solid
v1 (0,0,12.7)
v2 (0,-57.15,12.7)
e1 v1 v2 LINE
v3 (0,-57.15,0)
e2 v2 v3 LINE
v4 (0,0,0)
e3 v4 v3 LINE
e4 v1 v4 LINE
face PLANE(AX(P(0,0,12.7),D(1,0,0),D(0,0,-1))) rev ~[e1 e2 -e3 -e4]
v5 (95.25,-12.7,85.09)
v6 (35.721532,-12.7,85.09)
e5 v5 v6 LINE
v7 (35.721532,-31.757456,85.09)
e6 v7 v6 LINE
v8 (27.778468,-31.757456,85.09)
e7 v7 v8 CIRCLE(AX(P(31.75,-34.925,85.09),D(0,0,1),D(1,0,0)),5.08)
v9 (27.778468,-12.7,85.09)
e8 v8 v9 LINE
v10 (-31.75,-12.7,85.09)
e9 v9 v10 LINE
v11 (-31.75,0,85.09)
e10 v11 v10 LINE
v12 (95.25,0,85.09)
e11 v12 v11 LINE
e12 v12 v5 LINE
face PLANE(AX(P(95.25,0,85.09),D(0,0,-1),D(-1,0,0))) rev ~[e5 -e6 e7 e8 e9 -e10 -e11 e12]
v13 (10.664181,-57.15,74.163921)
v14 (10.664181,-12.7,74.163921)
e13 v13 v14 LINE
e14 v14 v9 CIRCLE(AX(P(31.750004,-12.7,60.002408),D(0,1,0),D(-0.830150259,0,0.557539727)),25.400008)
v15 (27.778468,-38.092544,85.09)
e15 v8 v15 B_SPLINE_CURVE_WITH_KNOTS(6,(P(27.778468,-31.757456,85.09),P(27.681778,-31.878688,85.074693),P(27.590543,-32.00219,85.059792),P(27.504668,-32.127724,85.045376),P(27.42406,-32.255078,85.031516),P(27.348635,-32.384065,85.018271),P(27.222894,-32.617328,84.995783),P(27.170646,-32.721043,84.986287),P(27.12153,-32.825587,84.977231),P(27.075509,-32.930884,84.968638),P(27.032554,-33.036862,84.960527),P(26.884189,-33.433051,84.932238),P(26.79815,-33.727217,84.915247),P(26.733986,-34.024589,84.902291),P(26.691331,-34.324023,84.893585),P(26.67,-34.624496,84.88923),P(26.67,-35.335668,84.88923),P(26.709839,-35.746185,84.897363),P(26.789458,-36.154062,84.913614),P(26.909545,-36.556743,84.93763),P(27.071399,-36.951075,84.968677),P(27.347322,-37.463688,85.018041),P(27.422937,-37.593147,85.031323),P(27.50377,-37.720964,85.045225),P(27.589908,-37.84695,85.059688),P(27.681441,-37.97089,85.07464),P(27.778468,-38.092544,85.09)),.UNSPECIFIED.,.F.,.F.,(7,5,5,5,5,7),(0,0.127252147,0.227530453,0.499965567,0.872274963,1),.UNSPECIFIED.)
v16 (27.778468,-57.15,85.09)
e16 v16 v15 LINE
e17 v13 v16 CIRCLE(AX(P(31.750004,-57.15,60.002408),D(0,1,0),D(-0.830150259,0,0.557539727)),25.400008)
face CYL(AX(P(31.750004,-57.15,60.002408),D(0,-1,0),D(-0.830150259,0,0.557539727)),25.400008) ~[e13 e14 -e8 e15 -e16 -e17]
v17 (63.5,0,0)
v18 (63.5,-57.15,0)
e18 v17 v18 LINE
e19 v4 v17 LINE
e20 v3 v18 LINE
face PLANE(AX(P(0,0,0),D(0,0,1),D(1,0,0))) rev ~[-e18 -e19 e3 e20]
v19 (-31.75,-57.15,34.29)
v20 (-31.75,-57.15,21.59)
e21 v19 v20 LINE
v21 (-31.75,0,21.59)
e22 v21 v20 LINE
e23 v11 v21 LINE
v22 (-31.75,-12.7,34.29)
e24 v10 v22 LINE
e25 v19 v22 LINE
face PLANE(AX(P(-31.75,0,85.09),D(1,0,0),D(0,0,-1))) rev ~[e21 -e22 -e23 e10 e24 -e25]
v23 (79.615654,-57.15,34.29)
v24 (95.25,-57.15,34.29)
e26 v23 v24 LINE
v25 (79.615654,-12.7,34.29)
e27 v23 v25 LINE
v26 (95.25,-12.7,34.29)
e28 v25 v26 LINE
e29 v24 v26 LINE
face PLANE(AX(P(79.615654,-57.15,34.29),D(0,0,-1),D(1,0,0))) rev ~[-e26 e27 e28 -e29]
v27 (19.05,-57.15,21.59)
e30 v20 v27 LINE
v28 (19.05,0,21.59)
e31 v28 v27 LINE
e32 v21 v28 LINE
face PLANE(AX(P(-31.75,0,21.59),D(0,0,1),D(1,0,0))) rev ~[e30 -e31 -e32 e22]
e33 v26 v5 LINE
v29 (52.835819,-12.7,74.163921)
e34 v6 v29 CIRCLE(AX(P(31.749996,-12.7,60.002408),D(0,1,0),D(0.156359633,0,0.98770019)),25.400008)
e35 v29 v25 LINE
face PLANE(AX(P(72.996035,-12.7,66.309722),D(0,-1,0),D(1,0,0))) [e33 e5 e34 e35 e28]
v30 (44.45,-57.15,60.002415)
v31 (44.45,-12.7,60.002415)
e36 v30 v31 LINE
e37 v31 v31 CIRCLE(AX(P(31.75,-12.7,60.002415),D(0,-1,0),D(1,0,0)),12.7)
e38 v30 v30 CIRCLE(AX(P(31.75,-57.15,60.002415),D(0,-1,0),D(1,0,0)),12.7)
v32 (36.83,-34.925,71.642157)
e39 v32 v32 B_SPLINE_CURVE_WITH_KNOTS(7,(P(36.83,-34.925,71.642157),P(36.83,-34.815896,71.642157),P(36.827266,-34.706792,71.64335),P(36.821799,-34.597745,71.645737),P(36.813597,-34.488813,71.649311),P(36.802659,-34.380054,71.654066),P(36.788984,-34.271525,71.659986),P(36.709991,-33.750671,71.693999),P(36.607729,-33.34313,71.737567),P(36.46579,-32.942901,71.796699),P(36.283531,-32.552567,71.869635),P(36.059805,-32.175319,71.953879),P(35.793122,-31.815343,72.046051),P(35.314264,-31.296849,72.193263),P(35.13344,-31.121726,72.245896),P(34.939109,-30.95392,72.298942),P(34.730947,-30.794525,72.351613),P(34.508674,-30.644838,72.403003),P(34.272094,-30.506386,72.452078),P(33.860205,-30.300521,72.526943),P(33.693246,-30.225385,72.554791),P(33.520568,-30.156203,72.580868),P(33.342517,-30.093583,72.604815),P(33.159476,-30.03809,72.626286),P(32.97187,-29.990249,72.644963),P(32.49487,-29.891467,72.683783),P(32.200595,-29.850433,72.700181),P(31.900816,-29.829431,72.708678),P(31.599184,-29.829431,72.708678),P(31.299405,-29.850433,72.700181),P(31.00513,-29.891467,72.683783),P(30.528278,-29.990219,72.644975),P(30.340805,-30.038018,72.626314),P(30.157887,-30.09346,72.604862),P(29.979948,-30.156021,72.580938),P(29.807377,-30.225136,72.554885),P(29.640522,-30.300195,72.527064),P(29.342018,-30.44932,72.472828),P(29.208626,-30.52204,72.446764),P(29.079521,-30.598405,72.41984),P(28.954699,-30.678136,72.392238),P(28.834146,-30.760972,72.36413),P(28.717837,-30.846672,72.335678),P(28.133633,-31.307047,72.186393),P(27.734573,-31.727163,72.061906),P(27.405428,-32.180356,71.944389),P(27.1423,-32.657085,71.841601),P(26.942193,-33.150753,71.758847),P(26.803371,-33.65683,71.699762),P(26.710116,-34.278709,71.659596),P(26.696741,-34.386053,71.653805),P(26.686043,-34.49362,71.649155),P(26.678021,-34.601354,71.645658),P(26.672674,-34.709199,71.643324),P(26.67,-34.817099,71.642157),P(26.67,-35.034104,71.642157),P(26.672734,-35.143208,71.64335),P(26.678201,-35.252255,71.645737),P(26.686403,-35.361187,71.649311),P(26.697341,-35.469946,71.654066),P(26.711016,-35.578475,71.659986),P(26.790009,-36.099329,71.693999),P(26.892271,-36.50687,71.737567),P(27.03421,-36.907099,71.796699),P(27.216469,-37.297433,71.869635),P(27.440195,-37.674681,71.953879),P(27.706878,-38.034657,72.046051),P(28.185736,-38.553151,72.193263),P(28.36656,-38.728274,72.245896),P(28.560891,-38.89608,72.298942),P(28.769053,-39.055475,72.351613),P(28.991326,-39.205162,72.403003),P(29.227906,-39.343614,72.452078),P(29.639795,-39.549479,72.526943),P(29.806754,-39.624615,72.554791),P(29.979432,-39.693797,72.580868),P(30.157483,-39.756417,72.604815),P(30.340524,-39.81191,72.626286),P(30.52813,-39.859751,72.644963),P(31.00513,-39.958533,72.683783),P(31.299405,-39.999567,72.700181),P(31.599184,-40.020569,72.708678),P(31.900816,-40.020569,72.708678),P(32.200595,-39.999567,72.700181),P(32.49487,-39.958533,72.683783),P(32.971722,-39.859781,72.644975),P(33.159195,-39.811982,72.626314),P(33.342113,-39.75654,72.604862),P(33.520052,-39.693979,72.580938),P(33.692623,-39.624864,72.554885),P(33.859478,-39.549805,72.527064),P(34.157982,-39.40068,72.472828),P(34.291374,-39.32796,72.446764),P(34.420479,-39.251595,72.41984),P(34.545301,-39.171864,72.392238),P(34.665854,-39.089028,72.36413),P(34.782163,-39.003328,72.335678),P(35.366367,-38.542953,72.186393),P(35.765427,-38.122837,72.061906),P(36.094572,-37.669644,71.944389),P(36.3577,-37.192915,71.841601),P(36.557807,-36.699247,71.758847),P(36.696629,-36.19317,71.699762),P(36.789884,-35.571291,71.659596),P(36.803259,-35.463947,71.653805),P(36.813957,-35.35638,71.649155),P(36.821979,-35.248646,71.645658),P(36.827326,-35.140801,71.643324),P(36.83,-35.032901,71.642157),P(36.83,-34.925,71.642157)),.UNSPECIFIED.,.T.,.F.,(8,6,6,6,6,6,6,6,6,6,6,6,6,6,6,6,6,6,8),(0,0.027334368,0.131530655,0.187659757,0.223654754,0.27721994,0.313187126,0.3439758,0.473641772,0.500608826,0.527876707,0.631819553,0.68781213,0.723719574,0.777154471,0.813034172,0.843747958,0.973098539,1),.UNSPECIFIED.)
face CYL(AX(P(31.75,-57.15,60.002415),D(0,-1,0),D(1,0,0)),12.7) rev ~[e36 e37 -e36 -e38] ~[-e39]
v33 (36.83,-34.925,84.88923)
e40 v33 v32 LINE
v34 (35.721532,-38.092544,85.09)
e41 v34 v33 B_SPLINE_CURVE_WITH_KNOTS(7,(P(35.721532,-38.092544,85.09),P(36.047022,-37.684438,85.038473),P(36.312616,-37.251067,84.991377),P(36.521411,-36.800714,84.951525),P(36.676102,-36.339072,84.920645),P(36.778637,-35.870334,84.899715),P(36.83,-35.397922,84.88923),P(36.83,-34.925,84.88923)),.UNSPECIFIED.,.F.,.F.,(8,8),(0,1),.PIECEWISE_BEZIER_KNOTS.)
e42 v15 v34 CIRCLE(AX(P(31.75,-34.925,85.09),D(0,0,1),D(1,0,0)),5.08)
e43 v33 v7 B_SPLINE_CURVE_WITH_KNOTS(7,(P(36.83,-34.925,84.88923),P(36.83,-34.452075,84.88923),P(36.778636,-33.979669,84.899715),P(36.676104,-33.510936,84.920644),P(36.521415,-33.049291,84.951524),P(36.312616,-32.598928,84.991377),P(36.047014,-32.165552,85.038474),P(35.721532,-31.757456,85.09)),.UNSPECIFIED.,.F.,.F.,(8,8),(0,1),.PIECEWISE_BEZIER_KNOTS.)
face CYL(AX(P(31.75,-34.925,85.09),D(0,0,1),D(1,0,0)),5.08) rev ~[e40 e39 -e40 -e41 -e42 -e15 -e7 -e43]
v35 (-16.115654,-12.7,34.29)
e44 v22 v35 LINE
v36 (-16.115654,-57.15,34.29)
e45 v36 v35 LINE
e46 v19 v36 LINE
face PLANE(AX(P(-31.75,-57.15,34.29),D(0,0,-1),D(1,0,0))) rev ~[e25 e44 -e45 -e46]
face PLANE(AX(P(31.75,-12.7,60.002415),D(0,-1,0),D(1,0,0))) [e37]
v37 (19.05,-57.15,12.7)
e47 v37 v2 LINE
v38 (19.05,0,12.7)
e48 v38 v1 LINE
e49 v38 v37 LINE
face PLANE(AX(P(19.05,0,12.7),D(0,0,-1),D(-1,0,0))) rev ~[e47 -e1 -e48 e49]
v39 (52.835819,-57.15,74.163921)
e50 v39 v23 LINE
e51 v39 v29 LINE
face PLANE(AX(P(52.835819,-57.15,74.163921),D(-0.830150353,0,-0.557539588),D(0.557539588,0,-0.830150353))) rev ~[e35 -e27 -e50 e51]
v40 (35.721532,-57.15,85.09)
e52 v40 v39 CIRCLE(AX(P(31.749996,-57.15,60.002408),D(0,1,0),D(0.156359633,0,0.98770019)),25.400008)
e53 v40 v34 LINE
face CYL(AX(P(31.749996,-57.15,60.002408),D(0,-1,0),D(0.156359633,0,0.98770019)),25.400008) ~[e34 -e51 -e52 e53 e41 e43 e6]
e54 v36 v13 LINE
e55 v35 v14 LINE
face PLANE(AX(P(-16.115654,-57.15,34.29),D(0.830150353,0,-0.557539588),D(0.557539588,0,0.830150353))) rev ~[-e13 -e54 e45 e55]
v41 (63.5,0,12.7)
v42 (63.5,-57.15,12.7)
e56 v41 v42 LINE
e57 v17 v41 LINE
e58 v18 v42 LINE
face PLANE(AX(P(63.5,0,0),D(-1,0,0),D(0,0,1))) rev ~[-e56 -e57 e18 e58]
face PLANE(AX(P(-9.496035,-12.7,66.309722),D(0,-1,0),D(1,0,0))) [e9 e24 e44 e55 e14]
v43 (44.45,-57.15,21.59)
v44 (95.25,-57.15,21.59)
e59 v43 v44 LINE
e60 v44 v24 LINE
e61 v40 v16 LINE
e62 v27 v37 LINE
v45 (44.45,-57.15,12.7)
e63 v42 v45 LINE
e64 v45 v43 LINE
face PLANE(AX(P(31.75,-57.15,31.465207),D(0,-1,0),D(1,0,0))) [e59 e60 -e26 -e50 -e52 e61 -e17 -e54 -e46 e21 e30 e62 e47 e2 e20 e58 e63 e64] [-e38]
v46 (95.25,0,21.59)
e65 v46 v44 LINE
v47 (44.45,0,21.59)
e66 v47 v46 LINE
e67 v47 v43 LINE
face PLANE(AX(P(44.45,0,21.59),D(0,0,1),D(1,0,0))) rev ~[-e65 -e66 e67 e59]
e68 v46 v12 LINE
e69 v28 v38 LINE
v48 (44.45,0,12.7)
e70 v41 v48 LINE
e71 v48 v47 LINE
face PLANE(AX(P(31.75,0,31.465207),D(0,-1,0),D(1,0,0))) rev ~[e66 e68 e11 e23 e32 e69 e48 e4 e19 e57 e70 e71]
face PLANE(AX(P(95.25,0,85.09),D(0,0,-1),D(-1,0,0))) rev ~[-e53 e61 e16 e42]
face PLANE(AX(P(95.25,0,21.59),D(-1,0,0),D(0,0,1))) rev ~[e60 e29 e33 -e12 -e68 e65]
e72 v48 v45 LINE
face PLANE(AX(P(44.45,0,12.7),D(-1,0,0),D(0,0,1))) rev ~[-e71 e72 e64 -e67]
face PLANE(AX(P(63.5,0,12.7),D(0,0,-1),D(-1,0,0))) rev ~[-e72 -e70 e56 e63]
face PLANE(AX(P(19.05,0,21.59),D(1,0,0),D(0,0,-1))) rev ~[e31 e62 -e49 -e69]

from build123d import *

# Parameters (mm, degrees)
F1_DEPTH = 57.15
F2_R     = 12.7
F3_DEPTH = 44.45
F4_R     = 5.08
F5_DEPTH = 25.4


with BuildPart() as f1:
    # F0 (on Front) → F1 (new body)
    with BuildSketch(Plane.XZ):
        with BuildLine():
            Line((0, 12.7), (0, 0))
            Line((0, 0), (63.5, 0))
            Line((63.5, 0), (63.5, 12.7))
            Line((63.5, 12.7), (44.45, 12.7))
            Line((44.45, 12.7), (44.45, 21.59))
            Line((44.45, 21.59), (95.25, 21.59))
            Line((95.25, 21.59), (95.25, 34.29))
            Line((95.25, 34.29), (79.375, 34.29))
            Line((79.375, 34.29), (52.843426, 73.840173))
            ThreePointArc((52.843426, 73.840173), (43.702941, 82.101765), (31.75, 85.09))
            ThreePointArc((31.75, 85.09), (19.797059, 82.101765), (10.656574, 73.840173))
            Line((10.656574, 73.840173), (-15.875, 34.29))
            Line((-15.875, 34.29), (-31.75, 34.29))
            Line((-31.75, 34.29), (-31.75, 21.59))
            Line((-31.75, 21.59), (19.05, 21.59))
            Line((19.05, 21.59), (19.05, 12.7))
            Line((19.05, 12.7), (0, 12.7))
        make_face()
        with BuildLine():
            Line((-31.75, 85.09), (-31.75, 34.29))
            Line((-31.75, 34.29), (-15.875, 34.29))
            Line((-15.875, 34.29), (10.656574, 73.840173))
            ThreePointArc((10.656574, 73.840173), (19.797059, 82.101765), (31.75, 85.09))
            Line((31.75, 85.09), (-31.75, 85.09))
        make_face()
        with BuildLine():
            Line((79.375, 34.29), (95.25, 34.29))
            Line((95.25, 34.29), (95.25, 85.09))
            Line((95.25, 85.09), (31.75, 85.09))
            ThreePointArc((31.75, 85.09), (43.702941, 82.101765), (52.843426, 73.840173))
            Line((52.843426, 73.840173), (79.375, 34.29))
        make_face()
    extrude(amount=F1_DEPTH)

    # F2 (on face) → F3 (cut)
    with BuildSketch(Plane.XZ.offset(57.15)):
        with BuildLine():
            Line((-31.75, 85.09), (-31.75, 34.29))
            Line((-31.75, 34.29), (-16.115654, 34.29))
            Line((-16.115654, 34.29), (10.664181, 74.163921))
            ThreePointArc((10.664181, 74.163921), (18.082063, 81.411466), (27.778468, 85.09))
            Line((27.778468, 85.09), (-31.75, 85.09))
        make_face()
        with BuildLine():
            Line((95.25, 85.09), (35.721532, 85.09))
            ThreePointArc((35.721532, 85.09), (45.417937, 81.411466), (52.835819, 74.163921))
            Line((52.835819, 74.163921), (79.615654, 34.29))
            Line((79.615654, 34.29), (95.25, 34.29))
            Line((95.25, 34.29), (95.25, 85.09))
        make_face()
        with BuildLine():
            ThreePointArc((35.721532, 85.09), (31.75, 85.402415), (27.778468, 85.09))
            Line((27.778468, 85.09), (35.721532, 85.09))
        make_face()
        with Locations((31.75, 60.002415)):
            Circle(F2_R)
    extrude(amount=-F3_DEPTH, mode=Mode.SUBTRACT)

    # F4 (on face) → F5 (cut)
    with BuildSketch(Plane.XY.offset(85.09)):
        with Locations((31.75, -34.925)):
            Circle(F4_R)
    extrude(amount=-F5_DEPTH, mode=Mode.SUBTRACT)


solid = f1.part
